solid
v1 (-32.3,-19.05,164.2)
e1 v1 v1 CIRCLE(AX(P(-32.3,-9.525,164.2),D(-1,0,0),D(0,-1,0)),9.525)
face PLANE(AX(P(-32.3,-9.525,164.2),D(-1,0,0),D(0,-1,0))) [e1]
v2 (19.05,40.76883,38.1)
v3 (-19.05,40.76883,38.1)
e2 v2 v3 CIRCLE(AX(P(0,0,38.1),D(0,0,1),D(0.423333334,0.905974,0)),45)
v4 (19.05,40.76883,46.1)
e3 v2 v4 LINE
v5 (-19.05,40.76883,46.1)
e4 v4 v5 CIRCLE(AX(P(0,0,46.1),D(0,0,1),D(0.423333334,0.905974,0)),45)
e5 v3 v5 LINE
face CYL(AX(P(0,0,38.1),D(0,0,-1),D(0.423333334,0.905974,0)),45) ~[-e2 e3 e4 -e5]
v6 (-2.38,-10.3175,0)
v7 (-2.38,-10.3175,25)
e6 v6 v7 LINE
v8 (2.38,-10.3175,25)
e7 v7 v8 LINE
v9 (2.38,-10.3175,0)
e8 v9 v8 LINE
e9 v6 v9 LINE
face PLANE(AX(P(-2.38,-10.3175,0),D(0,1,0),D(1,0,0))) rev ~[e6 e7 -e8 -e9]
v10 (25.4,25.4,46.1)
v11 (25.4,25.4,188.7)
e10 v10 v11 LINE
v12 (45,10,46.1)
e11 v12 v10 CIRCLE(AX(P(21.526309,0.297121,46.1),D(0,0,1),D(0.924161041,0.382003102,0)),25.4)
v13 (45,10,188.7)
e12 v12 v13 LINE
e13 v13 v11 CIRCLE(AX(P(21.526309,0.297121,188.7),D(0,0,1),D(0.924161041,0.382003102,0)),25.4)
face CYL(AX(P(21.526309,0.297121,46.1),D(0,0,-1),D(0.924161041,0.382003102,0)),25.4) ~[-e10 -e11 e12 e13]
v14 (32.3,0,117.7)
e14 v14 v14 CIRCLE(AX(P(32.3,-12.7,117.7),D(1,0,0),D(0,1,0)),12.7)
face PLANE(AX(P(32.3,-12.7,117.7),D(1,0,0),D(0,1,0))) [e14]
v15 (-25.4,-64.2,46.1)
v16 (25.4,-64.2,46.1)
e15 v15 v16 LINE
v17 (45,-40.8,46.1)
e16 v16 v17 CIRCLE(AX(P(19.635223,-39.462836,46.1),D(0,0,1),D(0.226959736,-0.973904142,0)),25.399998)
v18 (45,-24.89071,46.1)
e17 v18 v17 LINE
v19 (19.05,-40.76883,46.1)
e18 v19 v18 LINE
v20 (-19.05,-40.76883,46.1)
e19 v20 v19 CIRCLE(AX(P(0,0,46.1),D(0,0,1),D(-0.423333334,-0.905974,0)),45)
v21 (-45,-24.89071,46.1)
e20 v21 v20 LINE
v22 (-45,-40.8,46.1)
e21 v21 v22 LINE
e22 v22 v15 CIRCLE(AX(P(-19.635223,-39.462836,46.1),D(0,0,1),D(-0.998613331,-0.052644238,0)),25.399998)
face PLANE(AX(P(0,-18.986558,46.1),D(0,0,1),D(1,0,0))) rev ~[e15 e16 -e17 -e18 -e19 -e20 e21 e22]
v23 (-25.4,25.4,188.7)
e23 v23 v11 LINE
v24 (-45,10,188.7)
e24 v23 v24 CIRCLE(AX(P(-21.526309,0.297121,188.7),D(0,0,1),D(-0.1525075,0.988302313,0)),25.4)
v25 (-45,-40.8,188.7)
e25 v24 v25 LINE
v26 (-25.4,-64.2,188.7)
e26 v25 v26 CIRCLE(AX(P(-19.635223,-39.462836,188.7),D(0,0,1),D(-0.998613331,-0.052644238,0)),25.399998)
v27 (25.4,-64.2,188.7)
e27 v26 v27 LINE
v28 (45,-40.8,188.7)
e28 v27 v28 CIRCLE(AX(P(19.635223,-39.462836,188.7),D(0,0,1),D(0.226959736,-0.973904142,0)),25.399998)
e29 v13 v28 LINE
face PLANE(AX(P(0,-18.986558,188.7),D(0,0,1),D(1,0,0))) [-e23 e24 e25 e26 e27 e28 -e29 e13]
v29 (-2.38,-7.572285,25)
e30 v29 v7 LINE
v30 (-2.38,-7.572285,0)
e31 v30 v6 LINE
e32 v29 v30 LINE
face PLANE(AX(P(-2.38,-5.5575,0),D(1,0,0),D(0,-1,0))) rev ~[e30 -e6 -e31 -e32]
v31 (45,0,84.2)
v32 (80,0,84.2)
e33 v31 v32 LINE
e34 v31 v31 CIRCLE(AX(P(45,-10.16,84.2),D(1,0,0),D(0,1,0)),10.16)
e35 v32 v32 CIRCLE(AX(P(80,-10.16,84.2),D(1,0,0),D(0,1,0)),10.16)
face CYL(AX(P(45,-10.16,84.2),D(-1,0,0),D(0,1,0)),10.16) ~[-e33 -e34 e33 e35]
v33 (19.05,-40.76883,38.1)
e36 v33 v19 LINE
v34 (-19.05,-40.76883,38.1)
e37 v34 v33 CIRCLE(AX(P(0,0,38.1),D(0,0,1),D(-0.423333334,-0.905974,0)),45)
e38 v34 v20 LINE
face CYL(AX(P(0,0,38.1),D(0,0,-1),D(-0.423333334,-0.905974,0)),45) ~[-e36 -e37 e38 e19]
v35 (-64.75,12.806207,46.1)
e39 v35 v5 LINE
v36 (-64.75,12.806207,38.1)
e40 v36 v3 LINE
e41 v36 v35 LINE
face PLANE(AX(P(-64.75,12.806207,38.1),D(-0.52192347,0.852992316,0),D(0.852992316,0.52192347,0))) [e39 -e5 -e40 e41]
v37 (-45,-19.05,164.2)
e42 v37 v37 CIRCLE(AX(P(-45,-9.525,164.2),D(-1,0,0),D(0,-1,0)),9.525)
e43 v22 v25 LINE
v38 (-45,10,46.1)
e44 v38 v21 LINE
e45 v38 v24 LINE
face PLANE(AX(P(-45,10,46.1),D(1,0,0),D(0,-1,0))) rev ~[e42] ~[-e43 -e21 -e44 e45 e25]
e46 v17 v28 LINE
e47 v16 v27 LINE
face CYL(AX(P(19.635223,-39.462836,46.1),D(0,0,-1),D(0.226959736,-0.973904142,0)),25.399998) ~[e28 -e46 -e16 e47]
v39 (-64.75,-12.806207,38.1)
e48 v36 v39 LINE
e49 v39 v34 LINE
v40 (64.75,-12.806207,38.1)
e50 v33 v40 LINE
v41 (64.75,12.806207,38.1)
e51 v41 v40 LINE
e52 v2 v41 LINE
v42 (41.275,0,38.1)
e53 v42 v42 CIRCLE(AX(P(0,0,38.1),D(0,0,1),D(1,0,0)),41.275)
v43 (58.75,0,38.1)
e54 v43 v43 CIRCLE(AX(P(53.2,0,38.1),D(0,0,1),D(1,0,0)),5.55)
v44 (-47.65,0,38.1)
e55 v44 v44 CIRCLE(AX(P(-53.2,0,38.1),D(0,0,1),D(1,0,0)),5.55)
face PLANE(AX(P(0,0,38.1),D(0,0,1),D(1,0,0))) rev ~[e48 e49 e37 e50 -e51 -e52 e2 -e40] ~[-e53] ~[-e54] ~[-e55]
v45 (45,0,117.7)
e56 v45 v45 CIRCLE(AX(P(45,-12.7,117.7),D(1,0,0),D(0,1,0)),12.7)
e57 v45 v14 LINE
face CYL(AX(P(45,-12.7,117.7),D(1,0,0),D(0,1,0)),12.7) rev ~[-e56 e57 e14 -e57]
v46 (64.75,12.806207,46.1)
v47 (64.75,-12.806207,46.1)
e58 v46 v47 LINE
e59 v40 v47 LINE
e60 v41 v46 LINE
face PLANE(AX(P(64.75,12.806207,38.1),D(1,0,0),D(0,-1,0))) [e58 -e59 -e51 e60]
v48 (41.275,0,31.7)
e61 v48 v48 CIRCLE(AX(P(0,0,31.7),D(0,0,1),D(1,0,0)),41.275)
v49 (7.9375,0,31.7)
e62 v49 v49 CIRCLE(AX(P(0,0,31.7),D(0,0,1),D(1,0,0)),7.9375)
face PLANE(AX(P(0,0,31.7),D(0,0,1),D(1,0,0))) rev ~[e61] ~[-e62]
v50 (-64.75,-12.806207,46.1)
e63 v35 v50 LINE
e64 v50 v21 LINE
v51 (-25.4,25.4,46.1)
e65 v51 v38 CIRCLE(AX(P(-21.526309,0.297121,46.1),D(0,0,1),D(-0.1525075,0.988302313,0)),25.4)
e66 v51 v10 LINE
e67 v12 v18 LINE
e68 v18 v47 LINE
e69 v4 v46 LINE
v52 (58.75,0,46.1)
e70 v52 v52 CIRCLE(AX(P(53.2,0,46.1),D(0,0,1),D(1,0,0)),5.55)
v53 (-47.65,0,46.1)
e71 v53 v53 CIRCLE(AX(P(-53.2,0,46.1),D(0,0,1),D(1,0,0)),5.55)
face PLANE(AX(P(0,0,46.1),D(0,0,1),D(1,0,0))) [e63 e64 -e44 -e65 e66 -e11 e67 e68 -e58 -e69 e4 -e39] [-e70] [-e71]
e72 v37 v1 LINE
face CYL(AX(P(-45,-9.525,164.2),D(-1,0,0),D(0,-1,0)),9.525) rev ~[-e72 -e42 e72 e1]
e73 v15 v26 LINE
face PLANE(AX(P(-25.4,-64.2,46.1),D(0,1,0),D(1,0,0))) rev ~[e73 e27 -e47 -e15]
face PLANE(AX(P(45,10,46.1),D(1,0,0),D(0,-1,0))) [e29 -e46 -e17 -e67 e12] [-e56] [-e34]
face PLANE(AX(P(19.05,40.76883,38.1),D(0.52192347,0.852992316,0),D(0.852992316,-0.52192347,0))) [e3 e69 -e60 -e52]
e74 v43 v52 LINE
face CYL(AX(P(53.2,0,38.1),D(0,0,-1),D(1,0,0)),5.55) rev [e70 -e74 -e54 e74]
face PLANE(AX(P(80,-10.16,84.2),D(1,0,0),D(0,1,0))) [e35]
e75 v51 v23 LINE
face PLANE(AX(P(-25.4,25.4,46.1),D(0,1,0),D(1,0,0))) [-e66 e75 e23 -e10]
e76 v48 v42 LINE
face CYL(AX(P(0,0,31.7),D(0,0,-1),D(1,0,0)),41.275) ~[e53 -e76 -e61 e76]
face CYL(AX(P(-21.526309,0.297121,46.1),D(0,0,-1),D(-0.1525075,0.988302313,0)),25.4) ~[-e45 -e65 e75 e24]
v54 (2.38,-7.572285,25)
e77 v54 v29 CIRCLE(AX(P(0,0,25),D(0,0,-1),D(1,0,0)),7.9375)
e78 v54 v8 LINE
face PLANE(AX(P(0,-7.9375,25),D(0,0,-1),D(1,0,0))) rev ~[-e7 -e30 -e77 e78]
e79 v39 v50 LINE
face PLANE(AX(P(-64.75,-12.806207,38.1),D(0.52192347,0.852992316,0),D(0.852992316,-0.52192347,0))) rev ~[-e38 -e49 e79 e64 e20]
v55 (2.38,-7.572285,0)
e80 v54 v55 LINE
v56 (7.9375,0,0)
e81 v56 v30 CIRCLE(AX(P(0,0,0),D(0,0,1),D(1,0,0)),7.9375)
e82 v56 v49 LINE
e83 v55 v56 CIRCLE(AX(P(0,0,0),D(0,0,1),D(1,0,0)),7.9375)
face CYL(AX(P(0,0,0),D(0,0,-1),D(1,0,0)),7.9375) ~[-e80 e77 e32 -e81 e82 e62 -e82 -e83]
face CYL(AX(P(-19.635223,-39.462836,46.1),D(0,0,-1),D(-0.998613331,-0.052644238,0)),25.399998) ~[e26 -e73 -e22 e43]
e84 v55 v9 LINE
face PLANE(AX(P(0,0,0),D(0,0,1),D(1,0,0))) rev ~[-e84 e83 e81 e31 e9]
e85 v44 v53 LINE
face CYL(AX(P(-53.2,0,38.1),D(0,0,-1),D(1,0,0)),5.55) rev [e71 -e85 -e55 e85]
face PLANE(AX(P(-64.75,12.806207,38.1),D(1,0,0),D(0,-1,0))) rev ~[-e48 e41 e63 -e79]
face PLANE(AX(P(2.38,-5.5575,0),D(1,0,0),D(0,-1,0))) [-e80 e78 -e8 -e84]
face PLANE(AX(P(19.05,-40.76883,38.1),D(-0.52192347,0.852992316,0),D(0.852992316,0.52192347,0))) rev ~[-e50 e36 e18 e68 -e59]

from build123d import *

# Parameters (mm, degrees)
SKETCH_R        = 7.9375
PAD_DEPTH       = 31.7
SKETCH001_W     = 4.76
SKETCH001_H     = 4.76
PAD001_DEPTH    = 25
SKETCH002_R     = 41.275
PAD002_DEPTH    = 6.4
SKETCH003_R     = 5.55
PAD003_DEPTH    = 8
PAD004_DEPTH    = 142.6
SKETCH005_R     = 12.7
POCKET_DEPTH    = 12.7
SKETCH006_R     = 10.16
PAD005_DEPTH    = 35
SKETCH007_R     = 9.525
POCKET001_DEPTH = 12.7


with BuildPart() as part:
    # Sketch → Pad (new body)
    with BuildSketch(Plane.XY):
        Circle(SKETCH_R)
    extrude(amount=PAD_DEPTH)

    # Sketch001 → Pad001 (new body)
    with BuildSketch(Plane(origin=(0, 0, 0), x_dir=(1, 0, 0), z_dir=(0, 0, -1))):
        with Locations((0, 7.9375)):
            Rectangle(SKETCH001_W, SKETCH001_H)
    extrude(amount=-PAD001_DEPTH)

    # Sketch002 → Pad002 (new body)
    with BuildSketch(Plane.XY.offset(31.7)):
        Circle(SKETCH002_R)
    extrude(amount=PAD002_DEPTH)

    # Sketch003 → Pad003 (new body)
    with BuildSketch(Plane.XY.offset(38.1)):
        with BuildLine():
            Line((-64.75, 12.806207), (-64.75, -12.806207))
            Line((-64.75, -12.806207), (-19.05, -40.76883))
            ThreePointArc((-19.05, -40.76883), (0, -45), (19.05, -40.76883))
            Line((19.05, -40.76883), (64.75, -12.806207))
            Line((64.75, 12.806207), (64.75, -12.806207))
            Line((19.05, 40.76883), (64.75, 12.806207))
            ThreePointArc((19.05, 40.76883), (0, 45), (-19.05, 40.76883))
            Line((-64.75, 12.806207), (-19.05, 40.76883))
        make_face()
        with Locations((-53.2, 0)):
            Circle(SKETCH003_R, mode=Mode.SUBTRACT)
        with Locations((53.2, 0)):
            Circle(SKETCH003_R, mode=Mode.SUBTRACT)
    extrude(amount=PAD003_DEPTH)

    # Sketch004 → Pad004 (new body)
    with BuildSketch(Plane.XY.offset(46.1)):
        with BuildLine():
            Line((-45, 10), (-45, -40.8))
            ThreePointArc((-45, -40.8), (-39.107056, -55.772577), (-25.4, -64.2))
            Line((-25.4, -64.2), (25.4, -64.2))
            ThreePointArc((25.4, -64.2), (39.107056, -55.772577), (45, -40.8))
            Line((45, 10), (45, -40.8))
            ThreePointArc((45, 10), (37.218977, 20.269607), (25.4, 25.4))
            Line((-25.4, 25.4), (25.4, 25.4))
            ThreePointArc((-25.4, 25.4), (-37.218977, 20.269607), (-45, 10))
        make_face()
    extrude(amount=PAD004_DEPTH)

    # Sketch005 → Pocket (cut)
    with BuildSketch(Plane.YZ.offset(45)):
        with Locations((-12.7, 117.7)):
            Circle(SKETCH005_R)
    extrude(amount=-POCKET_DEPTH, mode=Mode.SUBTRACT)

    # Sketch006 → Pad005 (new body)
    with BuildSketch(Plane.YZ.offset(45)):
        with Locations((-10.16, 84.2)):
            Circle(SKETCH006_R)
    extrude(amount=PAD005_DEPTH)

    # Sketch007 → Pocket001 (cut)
    with BuildSketch(Plane(origin=(-45, 0, 0), x_dir=(0, -1, 0), z_dir=(-1, 0, 0))):
        with Locations((9.525, 164.2)):
            Circle(SKETCH007_R)
    extrude(amount=-POCKET001_DEPTH, mode=Mode.SUBTRACT)


solid = part.part
